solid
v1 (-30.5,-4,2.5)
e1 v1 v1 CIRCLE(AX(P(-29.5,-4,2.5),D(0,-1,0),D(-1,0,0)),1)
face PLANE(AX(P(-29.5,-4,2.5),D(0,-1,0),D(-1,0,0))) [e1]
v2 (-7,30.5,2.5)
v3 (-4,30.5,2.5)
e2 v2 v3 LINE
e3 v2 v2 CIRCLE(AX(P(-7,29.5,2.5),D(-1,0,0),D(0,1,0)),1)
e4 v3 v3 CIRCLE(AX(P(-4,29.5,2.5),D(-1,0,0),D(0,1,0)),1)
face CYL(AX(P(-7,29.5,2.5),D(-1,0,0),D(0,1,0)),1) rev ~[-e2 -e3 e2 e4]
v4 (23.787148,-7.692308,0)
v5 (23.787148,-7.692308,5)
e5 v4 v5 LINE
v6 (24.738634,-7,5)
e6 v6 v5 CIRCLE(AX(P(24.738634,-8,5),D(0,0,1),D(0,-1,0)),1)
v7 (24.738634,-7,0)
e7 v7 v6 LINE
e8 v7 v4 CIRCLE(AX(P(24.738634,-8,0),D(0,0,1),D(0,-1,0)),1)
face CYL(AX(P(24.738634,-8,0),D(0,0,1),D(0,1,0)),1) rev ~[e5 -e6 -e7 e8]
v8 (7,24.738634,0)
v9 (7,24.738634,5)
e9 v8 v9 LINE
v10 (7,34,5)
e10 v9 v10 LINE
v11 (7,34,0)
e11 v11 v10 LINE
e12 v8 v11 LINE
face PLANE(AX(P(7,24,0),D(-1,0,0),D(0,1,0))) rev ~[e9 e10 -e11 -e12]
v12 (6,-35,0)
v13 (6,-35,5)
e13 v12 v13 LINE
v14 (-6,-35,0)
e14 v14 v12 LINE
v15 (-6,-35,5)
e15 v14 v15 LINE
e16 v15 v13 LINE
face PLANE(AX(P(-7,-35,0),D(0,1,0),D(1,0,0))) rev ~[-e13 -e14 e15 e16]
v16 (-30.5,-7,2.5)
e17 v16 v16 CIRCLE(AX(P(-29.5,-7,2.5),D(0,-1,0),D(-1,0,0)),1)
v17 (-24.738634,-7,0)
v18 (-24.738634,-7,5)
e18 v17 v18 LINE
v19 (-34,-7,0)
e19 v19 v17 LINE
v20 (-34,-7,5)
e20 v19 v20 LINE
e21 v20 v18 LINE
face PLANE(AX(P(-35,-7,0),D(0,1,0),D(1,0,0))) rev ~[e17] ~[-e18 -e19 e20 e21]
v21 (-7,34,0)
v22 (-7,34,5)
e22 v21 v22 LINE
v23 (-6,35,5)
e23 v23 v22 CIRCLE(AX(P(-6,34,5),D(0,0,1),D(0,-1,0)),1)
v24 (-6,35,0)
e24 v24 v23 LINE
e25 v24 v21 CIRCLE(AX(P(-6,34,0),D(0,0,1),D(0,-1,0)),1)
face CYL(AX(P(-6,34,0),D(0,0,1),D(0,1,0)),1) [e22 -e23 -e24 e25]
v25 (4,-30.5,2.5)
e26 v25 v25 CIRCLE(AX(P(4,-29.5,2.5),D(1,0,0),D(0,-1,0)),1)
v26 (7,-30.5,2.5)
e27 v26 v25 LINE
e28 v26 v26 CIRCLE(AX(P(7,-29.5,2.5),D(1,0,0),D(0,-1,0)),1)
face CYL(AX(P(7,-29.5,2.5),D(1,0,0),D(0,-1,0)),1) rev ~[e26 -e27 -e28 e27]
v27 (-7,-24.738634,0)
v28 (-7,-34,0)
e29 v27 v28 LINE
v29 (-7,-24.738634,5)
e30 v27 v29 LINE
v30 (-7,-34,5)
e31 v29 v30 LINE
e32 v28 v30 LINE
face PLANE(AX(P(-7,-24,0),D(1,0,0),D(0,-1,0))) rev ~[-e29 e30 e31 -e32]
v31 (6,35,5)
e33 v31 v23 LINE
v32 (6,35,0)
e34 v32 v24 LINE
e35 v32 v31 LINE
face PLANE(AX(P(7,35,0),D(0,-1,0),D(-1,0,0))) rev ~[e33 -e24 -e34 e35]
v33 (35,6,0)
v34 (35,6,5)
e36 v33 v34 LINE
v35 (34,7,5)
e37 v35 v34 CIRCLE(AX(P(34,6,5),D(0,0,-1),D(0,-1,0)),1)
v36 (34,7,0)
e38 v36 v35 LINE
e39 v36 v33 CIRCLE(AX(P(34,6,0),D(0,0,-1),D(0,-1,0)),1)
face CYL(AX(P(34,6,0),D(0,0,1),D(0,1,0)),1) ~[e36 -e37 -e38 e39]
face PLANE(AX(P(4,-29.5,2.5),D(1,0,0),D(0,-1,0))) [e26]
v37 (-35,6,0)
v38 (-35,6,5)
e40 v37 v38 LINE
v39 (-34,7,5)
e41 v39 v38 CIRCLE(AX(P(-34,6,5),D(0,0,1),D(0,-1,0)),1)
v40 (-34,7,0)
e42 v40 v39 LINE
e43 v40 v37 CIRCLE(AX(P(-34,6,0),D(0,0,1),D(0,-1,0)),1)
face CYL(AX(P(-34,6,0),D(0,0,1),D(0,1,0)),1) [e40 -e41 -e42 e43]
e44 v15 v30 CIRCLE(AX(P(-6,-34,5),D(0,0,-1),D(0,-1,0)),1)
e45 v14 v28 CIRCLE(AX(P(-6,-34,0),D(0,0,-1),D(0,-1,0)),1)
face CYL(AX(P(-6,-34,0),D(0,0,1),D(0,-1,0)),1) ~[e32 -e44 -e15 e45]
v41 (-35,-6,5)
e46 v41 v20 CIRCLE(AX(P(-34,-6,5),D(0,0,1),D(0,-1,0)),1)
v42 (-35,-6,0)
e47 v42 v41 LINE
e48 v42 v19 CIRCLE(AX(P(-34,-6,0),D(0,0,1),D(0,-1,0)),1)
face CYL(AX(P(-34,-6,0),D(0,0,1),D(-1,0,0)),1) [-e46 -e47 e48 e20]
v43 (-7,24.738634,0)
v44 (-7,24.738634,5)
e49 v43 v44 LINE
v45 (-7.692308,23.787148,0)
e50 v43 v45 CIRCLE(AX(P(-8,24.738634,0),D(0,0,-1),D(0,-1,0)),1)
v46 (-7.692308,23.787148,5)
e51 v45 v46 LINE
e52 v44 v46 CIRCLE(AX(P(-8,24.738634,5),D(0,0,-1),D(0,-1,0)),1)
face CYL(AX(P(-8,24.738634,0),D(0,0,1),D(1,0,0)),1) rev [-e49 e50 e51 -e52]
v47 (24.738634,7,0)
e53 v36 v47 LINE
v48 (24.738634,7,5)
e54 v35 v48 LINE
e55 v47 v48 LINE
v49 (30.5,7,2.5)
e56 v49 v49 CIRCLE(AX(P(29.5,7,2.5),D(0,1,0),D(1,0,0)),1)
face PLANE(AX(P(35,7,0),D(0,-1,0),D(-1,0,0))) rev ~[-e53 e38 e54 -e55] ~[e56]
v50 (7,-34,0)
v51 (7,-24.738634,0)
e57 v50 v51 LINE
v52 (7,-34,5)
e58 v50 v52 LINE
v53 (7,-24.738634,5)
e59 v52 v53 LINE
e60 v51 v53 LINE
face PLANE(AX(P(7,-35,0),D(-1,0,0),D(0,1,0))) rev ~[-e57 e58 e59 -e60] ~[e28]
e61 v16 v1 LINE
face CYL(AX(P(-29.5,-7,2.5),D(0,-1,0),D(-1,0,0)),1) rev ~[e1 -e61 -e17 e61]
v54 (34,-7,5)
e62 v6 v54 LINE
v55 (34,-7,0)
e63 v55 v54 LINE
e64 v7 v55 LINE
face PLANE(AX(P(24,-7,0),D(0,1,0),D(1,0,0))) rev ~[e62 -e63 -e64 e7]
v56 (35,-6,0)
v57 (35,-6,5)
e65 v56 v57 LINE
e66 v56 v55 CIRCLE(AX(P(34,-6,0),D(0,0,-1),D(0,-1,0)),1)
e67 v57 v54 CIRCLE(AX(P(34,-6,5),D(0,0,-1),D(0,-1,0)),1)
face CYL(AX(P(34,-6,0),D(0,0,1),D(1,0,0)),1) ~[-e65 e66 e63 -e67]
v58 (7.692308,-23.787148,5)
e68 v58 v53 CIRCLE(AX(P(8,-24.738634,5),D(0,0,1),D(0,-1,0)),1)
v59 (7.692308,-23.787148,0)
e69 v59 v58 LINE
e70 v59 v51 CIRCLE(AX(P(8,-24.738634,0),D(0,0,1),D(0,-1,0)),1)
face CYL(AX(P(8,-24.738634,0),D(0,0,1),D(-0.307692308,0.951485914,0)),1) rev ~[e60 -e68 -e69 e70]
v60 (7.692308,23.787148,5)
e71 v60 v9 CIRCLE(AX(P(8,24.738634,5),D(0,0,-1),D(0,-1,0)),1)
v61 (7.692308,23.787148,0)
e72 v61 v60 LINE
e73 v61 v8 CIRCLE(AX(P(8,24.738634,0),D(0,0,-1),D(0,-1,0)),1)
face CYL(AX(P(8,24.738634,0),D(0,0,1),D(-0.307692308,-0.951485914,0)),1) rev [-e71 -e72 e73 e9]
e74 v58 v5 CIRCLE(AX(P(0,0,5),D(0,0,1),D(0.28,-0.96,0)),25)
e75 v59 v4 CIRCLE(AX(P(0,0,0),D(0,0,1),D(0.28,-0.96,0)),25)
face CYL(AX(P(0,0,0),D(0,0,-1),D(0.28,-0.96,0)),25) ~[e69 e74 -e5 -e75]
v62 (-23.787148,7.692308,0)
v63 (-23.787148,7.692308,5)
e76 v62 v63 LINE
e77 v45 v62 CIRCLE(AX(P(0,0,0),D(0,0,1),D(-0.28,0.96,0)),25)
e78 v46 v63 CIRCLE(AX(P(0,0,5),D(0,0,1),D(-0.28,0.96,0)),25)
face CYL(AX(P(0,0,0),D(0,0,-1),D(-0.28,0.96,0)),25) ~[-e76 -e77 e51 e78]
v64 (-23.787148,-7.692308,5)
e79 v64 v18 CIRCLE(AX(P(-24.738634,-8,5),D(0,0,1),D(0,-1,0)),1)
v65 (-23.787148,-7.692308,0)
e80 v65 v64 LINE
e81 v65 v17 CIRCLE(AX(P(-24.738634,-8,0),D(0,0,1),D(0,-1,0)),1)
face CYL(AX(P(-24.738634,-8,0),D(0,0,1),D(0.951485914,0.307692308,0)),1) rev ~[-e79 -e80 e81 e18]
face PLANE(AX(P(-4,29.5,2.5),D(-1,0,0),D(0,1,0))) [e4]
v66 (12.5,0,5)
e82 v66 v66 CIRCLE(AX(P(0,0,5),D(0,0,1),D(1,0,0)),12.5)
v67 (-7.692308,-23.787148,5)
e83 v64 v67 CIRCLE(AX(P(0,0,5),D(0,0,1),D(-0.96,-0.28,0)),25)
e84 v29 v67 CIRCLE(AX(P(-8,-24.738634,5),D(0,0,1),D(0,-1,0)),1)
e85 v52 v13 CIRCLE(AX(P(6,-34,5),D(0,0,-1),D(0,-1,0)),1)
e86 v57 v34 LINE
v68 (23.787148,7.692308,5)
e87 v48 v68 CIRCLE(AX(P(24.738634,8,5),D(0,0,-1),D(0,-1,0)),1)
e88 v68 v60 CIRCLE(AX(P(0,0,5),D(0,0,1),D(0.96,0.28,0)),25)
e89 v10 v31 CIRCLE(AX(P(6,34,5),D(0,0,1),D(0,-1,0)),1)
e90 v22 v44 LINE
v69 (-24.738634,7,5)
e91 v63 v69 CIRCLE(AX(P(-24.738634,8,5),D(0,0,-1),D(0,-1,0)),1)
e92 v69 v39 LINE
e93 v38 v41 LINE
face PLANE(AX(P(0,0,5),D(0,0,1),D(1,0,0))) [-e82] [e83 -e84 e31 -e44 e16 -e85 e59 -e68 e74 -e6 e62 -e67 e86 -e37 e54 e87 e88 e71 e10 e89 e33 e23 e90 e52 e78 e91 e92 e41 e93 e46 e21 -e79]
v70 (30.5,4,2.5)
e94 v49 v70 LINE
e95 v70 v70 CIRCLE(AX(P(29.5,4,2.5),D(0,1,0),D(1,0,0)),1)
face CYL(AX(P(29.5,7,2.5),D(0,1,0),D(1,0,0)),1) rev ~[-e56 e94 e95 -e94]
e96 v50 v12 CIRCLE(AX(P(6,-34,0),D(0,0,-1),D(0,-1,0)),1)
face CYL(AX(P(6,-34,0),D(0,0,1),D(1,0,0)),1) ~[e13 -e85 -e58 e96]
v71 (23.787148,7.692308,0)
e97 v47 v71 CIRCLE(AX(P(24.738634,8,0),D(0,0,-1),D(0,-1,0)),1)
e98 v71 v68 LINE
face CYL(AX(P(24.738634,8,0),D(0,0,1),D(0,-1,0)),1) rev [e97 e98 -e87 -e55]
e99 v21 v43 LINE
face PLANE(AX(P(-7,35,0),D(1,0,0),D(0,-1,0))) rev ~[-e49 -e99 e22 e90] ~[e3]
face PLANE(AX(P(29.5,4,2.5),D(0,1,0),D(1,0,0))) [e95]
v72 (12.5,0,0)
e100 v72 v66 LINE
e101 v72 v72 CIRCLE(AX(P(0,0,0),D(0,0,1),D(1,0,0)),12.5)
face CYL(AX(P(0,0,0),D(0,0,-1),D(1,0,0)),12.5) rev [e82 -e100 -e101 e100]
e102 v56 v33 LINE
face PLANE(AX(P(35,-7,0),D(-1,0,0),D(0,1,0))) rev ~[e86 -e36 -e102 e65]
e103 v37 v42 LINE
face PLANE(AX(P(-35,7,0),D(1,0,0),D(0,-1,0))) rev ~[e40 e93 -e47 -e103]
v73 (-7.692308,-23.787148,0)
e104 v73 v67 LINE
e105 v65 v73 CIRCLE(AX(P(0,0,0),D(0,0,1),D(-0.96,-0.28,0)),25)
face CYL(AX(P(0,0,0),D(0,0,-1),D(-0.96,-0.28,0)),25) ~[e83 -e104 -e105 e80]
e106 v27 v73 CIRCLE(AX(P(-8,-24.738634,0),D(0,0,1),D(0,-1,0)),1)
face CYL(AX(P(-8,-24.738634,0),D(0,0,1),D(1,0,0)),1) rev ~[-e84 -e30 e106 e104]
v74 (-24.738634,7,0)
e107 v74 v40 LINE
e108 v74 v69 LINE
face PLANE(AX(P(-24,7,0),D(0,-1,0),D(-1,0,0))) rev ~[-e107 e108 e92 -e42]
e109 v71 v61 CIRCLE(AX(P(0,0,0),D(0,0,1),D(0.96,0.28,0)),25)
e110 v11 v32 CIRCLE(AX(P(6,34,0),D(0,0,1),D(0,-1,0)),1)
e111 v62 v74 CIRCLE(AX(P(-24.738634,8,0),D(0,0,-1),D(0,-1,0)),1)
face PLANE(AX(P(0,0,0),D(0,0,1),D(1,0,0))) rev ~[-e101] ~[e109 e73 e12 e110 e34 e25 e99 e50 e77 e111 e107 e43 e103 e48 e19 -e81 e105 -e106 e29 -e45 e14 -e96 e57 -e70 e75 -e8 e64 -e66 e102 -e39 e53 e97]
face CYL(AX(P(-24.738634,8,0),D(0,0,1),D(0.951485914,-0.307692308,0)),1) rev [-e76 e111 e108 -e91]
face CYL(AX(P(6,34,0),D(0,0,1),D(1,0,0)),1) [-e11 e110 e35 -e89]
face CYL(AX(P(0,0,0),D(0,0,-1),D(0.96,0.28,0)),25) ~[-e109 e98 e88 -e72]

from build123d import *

# Parameters (mm, degrees)
SKETCH1_R           = 12.5
BOSS_EXTRUDE1_DEPTH = 5
SKETCH2_R           = 1
CUT_EXTRUDE1_DEPTH  = 3
CIRPATTERN1_COUNT   = 4
FILLET1_R           = 1
FILLET2_R           = 1


with BuildPart() as part:
    # Sketch1 → Boss-Extrude1 (new body)
    with BuildSketch(Plane.XY):
        with BuildLine():
            Line((35, 7), (24, 7))
            ThreePointArc((24, 7), (17.67766953, 17.67766953), (7, 24))
            Line((7, 24), (7, 35))
            Line((7, 35), (-7, 35))
            Line((-7, 35), (-7, 24))
            ThreePointArc((-7, 24), (-17.67766953, 17.67766953), (-24, 7))
            Line((-24, 7), (-35, 7))
            Line((-35, 7), (-35, -7))
            Line((-35, -7), (-24, -7))
            ThreePointArc((-24, -7), (-17.67766953, -17.67766953), (-7, -24))
            Line((-7, -24), (-7, -35))
            Line((-7, -35), (7, -35))
            Line((7, -35), (7, -24))
            ThreePointArc((7, -24), (17.67766953, -17.67766953), (24, -7))
            Line((24, -7), (35, -7))
            Line((35, -7), (35, 7))
        make_face()
        Circle(SKETCH1_R, mode=Mode.SUBTRACT)
    extrude(amount=BOSS_EXTRUDE1_DEPTH)

    # Sketch2 → Cut-Extrude1 (cut)
    with BuildSketch(Plane(origin=(0, 7, 0), x_dir=(1, 0, 0), z_dir=(0, 1, 0))):
        with Locations((29.5, -2.5)):
            Circle(SKETCH2_R)
    cut_extrude1 = extrude(amount=-CUT_EXTRUDE1_DEPTH, mode=Mode.SUBTRACT)

    # CirPattern1: Cut-Extrude1 ×4 about axis
    cirpattern1_axis = Axis((0, 0, 0), (0, 0, 1))
    for i in range(1, CIRPATTERN1_COUNT):
        add(cut_extrude1.rotate(cirpattern1_axis, i * 360 / CIRPATTERN1_COUNT), mode=Mode.SUBTRACT)

    # Fillet1
    fillet1_edges = [part.edges().sort_by_distance(p)[0] for p in [
        (35, 7, 2.5),
        (35, -7, 2.5),
        (7, -35, 2.5),
        (-7, -35, 2.5),
        (-35, -7, 2.5),
        (-35, 7, 2.5),
        (-7, 35, 2.5),
        (7, 35, 2.5),
    ]]
    fillet(fillet1_edges, radius=FILLET1_R)

    # Fillet2
    fillet2_edges = [part.edges().sort_by_distance(p)[0] for p in [
        (24, 7, 2.5),
        (24, -7, 2.5),
        (7, -24, 2.5),
        (-7, -24, 2.5),
        (-24, -7, 2.5),
        (-24, 7, 2.5),
        (-7, 24, 2.5),
        (7, 24, 2.5),
    ]]
    fillet(fillet2_edges, radius=FILLET2_R)


solid = part.part
